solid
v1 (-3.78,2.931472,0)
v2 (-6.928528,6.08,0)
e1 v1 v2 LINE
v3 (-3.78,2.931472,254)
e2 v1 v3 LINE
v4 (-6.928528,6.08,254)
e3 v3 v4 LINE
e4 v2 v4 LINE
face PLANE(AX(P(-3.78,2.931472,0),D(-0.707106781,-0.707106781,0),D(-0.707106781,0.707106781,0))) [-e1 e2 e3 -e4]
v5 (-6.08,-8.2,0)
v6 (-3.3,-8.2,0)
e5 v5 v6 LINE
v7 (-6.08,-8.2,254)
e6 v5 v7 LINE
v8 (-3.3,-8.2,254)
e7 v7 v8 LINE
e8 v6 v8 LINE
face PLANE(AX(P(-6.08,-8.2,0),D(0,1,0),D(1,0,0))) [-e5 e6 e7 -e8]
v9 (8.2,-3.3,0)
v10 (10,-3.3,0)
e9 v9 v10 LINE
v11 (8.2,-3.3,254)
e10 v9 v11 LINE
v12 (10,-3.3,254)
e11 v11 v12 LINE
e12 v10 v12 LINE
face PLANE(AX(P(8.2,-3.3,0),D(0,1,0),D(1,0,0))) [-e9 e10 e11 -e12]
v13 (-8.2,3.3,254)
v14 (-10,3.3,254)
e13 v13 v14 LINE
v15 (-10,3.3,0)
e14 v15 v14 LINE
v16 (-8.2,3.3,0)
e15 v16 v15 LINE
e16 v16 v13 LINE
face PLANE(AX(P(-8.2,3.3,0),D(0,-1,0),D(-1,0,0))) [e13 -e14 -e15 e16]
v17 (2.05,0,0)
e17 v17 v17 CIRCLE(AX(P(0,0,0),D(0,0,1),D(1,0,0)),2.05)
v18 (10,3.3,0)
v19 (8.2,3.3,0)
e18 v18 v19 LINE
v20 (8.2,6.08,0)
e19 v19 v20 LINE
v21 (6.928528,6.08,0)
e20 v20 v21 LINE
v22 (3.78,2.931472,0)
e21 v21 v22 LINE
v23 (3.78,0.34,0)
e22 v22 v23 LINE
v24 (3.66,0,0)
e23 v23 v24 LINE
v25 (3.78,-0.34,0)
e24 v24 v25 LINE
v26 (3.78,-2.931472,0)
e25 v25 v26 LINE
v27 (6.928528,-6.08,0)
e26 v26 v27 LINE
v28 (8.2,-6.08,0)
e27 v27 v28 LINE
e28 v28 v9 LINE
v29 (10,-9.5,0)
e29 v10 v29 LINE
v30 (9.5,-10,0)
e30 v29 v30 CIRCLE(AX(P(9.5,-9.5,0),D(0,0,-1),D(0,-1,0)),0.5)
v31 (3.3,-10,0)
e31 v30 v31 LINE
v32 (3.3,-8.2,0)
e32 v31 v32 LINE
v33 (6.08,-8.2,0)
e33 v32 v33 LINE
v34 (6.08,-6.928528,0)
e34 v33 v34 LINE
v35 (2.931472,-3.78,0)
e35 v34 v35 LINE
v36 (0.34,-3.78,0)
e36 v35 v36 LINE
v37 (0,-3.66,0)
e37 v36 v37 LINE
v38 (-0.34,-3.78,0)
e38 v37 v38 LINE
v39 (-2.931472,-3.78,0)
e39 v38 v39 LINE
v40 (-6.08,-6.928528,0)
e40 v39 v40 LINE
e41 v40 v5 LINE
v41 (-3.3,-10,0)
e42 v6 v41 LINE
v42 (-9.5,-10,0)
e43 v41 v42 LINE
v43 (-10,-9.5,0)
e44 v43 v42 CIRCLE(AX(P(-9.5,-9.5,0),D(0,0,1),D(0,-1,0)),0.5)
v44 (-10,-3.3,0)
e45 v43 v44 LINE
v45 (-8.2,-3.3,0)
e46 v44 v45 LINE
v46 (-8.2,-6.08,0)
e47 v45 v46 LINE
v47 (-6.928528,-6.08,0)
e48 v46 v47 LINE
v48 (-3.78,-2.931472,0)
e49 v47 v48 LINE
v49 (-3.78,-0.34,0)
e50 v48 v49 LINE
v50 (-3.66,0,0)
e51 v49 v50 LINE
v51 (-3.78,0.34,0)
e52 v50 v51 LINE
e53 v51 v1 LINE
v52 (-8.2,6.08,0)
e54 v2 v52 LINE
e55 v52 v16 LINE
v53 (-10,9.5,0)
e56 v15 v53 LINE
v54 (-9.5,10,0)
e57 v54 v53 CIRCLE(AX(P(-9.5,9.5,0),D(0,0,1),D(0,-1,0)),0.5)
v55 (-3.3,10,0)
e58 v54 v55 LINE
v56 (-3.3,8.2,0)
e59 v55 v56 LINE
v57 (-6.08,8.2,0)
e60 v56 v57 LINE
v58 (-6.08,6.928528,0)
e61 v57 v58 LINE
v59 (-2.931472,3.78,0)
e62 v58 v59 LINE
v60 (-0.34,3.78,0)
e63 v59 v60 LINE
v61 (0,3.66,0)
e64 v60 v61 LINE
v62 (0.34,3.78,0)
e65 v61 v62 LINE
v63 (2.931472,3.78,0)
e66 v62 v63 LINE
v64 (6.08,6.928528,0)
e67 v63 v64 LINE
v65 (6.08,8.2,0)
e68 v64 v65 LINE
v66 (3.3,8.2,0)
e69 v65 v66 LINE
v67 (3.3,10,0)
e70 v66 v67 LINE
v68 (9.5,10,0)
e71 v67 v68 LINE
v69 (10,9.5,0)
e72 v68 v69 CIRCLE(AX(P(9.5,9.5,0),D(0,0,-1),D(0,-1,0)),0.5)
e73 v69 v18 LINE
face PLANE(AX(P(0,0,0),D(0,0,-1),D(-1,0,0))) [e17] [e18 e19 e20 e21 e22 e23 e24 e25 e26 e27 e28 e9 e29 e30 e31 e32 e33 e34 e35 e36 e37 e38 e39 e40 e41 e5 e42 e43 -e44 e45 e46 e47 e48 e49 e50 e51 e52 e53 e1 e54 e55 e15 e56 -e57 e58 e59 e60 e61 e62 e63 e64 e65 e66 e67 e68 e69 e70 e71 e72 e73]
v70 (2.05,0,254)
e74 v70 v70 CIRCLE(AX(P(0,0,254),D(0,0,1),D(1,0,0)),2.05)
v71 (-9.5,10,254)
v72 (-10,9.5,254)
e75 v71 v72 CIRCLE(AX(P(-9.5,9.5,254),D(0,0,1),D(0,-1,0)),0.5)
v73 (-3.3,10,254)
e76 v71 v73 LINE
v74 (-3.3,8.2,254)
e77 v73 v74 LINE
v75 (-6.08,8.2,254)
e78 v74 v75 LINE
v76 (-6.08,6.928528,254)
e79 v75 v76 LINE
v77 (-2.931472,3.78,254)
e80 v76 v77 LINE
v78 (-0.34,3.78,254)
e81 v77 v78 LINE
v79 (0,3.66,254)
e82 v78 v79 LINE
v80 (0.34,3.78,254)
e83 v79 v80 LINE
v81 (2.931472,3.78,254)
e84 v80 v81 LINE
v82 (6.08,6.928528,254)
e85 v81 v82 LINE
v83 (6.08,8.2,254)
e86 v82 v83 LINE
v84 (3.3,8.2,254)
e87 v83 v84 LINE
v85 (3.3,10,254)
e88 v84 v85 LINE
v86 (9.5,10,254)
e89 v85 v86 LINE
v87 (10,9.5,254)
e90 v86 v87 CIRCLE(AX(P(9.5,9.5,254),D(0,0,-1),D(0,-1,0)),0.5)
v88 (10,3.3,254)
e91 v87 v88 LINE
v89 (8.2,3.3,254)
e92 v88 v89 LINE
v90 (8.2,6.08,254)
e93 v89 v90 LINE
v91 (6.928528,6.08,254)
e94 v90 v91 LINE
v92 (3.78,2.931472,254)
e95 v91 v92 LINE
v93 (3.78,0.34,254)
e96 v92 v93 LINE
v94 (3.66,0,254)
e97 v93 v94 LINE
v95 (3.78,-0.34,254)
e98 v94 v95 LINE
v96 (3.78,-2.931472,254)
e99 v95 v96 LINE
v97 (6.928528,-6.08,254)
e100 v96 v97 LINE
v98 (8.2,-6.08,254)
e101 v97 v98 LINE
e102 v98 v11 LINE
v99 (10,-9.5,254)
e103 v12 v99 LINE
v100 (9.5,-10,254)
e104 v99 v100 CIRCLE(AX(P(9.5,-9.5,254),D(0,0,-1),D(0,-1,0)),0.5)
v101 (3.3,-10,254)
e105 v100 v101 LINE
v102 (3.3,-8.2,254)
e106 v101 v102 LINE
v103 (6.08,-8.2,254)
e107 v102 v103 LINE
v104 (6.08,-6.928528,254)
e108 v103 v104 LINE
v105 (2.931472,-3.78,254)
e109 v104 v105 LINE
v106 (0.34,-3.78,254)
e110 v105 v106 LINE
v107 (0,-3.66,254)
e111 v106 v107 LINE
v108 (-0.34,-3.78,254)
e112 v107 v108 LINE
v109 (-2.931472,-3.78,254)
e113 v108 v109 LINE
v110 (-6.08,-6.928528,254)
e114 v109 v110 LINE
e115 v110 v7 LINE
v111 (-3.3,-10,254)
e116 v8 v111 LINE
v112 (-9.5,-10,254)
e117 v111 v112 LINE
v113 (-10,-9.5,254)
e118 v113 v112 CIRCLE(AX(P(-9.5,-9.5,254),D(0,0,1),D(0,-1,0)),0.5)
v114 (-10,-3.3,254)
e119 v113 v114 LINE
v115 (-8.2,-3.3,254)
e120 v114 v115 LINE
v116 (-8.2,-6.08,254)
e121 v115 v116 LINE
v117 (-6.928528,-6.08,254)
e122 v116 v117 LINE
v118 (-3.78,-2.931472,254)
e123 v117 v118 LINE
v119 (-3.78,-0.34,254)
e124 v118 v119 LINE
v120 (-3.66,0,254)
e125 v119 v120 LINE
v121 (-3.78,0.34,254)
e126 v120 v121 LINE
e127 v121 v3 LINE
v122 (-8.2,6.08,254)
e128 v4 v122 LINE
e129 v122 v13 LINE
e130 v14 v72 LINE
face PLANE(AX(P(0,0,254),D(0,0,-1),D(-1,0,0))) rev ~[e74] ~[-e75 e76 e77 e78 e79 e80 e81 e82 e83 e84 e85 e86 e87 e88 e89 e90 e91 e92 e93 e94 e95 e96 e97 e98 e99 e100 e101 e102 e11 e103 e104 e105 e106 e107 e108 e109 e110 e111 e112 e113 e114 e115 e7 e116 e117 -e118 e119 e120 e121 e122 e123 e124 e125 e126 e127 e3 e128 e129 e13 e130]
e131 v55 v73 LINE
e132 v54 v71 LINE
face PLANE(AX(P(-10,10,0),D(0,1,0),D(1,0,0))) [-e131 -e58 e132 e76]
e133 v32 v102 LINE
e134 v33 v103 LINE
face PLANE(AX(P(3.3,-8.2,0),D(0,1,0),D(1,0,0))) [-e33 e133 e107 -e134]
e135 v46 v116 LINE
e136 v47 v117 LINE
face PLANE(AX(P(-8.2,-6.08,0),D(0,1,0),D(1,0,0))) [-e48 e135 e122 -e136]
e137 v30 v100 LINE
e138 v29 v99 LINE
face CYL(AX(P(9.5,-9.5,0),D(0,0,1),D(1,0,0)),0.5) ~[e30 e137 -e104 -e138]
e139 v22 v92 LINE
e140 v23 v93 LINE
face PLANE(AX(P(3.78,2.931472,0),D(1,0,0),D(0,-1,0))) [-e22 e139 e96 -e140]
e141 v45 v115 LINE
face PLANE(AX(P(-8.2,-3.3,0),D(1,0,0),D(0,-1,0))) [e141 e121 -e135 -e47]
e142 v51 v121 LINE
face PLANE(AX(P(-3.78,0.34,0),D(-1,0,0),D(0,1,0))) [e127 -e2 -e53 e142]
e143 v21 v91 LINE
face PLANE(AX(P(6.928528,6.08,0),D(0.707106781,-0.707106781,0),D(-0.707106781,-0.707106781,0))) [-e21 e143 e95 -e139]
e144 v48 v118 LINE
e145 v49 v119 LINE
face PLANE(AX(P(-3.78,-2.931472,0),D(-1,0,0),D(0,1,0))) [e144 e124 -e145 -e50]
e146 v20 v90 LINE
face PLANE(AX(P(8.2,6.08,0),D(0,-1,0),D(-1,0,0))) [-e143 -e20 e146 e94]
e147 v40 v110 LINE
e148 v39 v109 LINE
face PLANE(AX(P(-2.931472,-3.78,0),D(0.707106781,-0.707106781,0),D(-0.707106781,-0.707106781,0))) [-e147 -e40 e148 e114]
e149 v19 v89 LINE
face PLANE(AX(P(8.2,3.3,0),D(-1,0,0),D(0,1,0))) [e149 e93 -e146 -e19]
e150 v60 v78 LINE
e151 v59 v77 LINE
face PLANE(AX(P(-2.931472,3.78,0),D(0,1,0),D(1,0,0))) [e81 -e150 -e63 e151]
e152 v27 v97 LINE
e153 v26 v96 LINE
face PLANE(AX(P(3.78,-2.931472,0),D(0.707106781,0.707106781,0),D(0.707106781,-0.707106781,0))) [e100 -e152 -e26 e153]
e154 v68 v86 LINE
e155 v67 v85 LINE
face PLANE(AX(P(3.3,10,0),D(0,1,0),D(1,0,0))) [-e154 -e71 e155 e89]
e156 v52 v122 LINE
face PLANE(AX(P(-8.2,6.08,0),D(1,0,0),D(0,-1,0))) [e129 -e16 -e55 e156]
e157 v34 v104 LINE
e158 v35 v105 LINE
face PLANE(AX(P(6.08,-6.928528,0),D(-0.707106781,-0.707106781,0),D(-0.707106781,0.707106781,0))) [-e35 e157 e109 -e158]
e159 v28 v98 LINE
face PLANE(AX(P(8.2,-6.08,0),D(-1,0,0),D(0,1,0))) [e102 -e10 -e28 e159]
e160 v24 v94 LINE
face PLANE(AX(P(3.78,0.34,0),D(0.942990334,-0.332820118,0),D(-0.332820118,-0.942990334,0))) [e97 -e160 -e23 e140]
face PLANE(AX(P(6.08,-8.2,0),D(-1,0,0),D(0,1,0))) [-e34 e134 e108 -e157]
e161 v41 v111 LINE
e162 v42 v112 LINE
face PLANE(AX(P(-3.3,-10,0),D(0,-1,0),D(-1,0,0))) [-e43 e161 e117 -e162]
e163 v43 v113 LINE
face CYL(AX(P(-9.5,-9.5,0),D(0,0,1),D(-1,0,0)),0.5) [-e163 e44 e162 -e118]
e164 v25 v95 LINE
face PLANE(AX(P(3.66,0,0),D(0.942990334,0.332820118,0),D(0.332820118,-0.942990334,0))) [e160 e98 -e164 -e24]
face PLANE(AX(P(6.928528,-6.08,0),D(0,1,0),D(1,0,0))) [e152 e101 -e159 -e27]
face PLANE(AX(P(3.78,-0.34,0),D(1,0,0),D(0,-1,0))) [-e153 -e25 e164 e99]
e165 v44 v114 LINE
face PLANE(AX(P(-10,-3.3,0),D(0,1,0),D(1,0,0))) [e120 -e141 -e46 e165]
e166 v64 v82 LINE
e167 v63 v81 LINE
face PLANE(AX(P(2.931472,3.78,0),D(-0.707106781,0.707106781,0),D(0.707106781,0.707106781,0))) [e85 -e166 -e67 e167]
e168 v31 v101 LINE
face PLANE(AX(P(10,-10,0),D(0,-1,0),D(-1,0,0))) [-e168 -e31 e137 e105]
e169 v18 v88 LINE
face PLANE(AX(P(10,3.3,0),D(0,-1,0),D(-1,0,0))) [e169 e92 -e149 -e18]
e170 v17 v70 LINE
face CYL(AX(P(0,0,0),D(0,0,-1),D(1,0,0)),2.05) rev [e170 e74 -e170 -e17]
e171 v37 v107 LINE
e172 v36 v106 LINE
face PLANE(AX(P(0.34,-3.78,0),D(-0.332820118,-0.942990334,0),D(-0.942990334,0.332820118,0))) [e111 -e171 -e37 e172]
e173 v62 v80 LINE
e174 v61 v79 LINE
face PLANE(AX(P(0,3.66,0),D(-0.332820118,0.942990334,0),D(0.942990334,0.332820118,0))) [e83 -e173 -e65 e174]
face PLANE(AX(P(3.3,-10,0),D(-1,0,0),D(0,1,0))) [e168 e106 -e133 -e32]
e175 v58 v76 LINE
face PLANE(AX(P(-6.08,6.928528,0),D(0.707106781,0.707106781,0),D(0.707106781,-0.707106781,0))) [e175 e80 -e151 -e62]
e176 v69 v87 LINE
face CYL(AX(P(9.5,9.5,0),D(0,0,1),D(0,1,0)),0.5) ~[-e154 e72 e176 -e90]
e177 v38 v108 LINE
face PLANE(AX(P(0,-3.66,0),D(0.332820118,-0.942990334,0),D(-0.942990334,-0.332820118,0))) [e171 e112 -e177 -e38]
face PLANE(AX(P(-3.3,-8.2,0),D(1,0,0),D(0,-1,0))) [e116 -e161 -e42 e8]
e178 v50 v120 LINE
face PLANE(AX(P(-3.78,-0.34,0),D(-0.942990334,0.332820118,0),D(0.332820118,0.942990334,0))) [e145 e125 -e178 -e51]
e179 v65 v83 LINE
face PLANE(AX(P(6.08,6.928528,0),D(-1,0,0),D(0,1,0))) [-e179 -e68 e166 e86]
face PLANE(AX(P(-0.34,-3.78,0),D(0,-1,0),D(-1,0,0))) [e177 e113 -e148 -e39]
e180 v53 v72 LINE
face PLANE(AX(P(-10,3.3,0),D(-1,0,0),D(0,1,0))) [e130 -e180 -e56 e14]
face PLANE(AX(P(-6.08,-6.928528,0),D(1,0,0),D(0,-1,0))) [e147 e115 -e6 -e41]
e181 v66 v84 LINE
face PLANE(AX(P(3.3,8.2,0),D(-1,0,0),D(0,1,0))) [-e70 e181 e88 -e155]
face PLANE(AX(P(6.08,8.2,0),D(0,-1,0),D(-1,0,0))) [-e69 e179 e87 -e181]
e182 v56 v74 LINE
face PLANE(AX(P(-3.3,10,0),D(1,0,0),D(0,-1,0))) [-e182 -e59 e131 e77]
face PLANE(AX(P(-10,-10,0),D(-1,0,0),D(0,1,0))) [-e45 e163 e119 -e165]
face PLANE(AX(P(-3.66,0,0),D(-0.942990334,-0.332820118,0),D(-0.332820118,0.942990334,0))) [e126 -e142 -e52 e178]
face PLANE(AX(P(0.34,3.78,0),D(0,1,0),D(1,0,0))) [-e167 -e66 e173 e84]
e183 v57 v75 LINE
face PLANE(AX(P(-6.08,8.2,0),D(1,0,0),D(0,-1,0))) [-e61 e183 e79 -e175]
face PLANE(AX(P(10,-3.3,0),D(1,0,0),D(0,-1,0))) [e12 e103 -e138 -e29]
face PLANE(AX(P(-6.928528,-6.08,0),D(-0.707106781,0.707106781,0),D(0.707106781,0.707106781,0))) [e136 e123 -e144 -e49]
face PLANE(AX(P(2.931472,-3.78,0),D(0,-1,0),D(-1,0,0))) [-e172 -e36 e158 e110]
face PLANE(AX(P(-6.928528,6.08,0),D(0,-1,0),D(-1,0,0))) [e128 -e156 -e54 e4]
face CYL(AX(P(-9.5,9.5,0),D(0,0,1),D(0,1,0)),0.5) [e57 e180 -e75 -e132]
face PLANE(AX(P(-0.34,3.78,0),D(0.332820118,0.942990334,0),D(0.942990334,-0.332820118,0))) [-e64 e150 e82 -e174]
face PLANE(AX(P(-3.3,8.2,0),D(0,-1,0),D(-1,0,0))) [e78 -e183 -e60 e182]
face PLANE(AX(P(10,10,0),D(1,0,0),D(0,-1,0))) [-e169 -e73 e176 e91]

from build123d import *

# Parameters (mm, degrees)
SKETCH1_R           = 2.05
BOSS_EXTRUDE1_DEPTH = 254
FILLET1_R           = 0.5


with BuildPart() as part:
    # Sketch1 → Boss-Extrude1 (new body)
    with BuildSketch(Plane.XY):
        Polygon((-3.3, 10), (-3.3, 8.2), (-6.08, 8.2), (-6.08, 6.928528137), (-2.931471863, 3.78), (-0.34, 3.78), (0, 3.66), (0.34, 3.78), (2.931471863, 3.78), (6.08, 6.928528137), (6.08, 8.2), (3.3, 8.2), (3.3, 10), (10, 10), (10, 3.3), (8.2, 3.3), (8.2, 6.08), (6.928528137, 6.08), (3.78, 2.931471863), (3.78, 0.34), (3.66, 0), (3.78, -0.34), (3.78, -2.931471863), (6.928528137, -6.08), (8.2, -6.08), (8.2, -3.3), (10, -3.3), (10, -10), (3.3, -10), (3.3, -8.2), (6.08, -8.2), (6.08, -6.928528137), (2.931471863, -3.78), (0.34, -3.78), (0, -3.66), (-0.34, -3.78), (-2.931471863, -3.78), (-6.08, -6.928528137), (-6.08, -8.2), (-3.3, -8.2), (-3.3, -10), (-10, -10), (-10, -3.3), (-8.2, -3.3), (-8.2, -6.08), (-6.928528137, -6.08), (-3.78, -2.931471863), (-3.78, -0.34), (-3.66, 0), (-3.78, 0.34), (-3.78, 2.931471863), (-6.928528137, 6.08), (-8.2, 6.08), (-8.2, 3.3), (-10, 3.3), (-10, 10), align=None)
        Circle(SKETCH1_R, mode=Mode.SUBTRACT)
    extrude(amount=BOSS_EXTRUDE1_DEPTH)

    # Fillet1
    fillet1_edges = [part.edges().sort_by_distance(p)[0] for p in [
        (10, 10, 127),
        (10, -10, 127),
        (-10, -10, 127),
        (-10, 10, 127),
    ]]
    fillet(fillet1_edges, radius=FILLET1_R)


solid = part.part
